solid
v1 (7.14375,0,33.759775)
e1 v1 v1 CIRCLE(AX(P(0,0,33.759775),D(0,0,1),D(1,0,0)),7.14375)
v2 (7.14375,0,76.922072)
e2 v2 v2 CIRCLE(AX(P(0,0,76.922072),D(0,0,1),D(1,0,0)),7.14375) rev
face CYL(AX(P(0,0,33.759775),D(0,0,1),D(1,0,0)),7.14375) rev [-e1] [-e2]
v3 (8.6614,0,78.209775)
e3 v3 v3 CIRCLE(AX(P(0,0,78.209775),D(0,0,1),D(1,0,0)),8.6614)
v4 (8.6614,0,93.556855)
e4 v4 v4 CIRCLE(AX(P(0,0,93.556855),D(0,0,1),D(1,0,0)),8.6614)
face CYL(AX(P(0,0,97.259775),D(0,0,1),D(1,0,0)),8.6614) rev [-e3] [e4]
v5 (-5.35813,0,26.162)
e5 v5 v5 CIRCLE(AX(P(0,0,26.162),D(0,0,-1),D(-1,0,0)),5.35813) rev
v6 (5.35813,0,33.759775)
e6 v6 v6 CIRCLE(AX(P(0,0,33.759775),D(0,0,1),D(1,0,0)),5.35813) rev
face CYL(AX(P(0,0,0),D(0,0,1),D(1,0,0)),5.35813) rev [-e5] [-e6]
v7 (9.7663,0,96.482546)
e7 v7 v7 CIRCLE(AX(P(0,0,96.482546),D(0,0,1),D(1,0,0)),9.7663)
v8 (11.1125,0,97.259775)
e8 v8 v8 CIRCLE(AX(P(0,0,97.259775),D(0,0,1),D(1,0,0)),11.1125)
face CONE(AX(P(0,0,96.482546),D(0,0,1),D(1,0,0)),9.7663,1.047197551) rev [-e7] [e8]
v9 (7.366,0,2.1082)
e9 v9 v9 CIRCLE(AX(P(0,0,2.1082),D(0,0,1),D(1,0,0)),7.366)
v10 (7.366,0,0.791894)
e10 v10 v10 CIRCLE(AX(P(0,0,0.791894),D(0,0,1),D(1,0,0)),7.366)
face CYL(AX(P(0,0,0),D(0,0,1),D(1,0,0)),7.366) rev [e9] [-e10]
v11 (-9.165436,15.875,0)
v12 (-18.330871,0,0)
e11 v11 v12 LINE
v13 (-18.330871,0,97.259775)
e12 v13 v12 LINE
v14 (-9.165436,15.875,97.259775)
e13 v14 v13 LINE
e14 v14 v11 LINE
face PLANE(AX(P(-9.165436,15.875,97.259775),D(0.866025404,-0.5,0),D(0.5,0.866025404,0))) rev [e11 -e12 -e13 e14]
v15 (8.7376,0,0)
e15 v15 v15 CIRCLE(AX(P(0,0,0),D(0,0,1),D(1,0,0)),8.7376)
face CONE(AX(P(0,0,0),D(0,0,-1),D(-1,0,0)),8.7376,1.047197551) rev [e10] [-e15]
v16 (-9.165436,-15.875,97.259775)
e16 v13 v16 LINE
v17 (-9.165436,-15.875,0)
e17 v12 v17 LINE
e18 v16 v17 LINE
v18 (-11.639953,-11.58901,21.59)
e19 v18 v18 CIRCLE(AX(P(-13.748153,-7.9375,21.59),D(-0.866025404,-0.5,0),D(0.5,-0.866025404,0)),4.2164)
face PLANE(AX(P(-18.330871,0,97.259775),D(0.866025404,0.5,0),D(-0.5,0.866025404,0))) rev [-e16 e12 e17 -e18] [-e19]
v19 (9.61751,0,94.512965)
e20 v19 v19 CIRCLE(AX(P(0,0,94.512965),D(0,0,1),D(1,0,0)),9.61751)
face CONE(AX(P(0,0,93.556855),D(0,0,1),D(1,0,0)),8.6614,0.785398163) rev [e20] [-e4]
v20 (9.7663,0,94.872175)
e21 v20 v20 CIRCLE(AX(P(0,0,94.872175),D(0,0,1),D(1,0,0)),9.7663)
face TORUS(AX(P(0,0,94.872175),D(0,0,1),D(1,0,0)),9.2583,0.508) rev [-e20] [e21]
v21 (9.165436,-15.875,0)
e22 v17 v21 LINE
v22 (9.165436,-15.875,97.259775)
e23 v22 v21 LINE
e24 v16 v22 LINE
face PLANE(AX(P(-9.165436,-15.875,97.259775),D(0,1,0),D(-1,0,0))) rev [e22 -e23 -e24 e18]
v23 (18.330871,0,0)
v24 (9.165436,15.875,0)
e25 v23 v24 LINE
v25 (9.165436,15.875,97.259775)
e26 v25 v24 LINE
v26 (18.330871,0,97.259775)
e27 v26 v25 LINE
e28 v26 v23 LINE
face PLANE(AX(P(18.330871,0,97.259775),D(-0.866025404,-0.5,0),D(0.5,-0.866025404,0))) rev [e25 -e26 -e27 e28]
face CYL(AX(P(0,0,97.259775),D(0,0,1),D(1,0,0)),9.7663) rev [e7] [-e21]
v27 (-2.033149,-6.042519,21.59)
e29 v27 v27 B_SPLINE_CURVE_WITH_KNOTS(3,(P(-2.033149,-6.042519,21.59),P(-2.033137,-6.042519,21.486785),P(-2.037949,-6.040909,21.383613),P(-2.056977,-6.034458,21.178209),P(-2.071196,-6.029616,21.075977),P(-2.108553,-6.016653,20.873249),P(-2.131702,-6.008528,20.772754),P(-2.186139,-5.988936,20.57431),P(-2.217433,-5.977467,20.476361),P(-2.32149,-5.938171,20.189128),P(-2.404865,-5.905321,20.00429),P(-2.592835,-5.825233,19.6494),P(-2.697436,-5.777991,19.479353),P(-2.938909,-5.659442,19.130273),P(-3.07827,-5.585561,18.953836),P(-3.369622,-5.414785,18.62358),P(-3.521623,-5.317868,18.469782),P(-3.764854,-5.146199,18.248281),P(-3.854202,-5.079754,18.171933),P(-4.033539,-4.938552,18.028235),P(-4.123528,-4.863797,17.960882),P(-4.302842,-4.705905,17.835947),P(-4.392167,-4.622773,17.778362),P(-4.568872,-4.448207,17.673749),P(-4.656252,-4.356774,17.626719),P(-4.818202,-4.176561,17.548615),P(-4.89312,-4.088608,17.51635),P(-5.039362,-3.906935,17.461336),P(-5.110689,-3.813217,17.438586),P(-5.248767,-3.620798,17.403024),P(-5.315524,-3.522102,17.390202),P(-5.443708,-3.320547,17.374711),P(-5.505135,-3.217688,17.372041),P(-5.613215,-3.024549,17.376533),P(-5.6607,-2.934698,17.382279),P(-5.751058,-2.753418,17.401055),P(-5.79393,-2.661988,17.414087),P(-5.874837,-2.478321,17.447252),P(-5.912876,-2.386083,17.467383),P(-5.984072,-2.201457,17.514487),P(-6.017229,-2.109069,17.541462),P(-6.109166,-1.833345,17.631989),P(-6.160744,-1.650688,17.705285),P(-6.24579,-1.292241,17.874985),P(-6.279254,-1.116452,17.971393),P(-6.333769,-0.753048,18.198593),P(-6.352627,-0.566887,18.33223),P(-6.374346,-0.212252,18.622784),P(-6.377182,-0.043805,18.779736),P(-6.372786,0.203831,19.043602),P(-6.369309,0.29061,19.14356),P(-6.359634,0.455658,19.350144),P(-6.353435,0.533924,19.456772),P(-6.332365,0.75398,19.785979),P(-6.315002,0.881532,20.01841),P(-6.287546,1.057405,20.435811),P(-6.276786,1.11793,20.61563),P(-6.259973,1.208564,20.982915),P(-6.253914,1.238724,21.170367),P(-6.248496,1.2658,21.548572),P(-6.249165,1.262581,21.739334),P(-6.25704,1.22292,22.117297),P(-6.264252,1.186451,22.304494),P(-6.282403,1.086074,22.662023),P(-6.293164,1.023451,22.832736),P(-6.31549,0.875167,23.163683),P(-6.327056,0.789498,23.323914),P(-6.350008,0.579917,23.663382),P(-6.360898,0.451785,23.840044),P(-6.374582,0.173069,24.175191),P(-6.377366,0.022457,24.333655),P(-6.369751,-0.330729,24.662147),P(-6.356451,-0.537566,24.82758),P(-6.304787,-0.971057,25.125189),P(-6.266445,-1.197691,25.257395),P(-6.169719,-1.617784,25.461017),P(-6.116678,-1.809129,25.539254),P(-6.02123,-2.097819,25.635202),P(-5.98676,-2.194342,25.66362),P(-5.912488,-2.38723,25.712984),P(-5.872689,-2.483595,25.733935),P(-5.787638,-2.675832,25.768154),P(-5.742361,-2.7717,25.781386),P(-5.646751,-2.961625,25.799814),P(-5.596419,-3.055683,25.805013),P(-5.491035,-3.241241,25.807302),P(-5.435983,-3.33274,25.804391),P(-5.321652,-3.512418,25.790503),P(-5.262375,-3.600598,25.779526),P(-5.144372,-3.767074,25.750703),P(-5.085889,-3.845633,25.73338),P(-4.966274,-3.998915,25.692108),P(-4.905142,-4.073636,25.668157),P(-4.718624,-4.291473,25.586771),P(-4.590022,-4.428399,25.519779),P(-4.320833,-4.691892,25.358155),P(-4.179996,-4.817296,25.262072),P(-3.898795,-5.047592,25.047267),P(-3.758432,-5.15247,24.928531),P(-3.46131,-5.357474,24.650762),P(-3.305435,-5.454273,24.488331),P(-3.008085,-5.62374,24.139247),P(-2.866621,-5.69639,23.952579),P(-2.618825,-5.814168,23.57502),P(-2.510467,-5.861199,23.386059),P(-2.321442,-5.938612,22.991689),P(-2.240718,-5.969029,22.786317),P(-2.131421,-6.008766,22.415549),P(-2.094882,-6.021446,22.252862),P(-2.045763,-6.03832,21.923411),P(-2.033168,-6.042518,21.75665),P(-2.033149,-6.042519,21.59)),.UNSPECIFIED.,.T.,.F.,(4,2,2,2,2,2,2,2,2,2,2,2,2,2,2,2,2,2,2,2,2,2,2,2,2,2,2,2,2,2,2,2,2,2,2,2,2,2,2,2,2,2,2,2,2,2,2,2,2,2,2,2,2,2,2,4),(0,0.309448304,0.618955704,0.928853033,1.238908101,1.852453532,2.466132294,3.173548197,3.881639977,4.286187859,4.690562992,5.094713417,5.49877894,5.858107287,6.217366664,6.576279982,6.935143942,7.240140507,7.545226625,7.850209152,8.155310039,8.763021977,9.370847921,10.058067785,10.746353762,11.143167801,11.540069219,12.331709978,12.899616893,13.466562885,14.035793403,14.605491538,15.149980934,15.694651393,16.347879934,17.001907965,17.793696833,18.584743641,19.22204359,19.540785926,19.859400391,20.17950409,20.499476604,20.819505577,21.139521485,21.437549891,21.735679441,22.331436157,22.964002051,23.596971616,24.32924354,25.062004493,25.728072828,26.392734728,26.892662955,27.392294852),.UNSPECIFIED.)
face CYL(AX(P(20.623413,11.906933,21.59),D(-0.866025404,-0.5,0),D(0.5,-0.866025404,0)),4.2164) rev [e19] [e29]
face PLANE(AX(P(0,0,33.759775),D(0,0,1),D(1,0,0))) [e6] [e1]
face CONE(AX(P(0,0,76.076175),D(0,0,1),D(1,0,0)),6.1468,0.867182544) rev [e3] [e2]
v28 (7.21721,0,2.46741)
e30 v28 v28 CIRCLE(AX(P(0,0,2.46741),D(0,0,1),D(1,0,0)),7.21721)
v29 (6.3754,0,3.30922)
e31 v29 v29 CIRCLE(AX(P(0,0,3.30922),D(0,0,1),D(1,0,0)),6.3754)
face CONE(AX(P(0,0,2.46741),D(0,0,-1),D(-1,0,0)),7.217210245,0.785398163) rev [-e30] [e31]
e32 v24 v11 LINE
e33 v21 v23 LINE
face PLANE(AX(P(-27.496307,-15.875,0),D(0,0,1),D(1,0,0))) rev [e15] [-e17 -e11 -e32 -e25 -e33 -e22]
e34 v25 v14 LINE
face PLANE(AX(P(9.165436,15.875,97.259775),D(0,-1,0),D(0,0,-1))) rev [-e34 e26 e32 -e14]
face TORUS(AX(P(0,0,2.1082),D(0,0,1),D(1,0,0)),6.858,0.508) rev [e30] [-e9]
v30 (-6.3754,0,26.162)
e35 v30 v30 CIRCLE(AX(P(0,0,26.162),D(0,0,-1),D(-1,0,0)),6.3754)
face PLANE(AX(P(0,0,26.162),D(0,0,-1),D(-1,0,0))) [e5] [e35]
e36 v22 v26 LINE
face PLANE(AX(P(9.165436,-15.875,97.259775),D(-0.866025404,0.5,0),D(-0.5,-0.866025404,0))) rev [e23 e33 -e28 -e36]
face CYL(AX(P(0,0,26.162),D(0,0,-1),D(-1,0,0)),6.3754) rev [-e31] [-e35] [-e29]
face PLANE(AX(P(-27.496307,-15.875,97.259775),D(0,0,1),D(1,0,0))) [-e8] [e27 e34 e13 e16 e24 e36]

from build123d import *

# Parameters (mm, degrees)
EXTRUDE1_DEPTH     = 97.259775
SKETCH3_R          = 5.35813
CUT_EXTRUDE3_DEPTH = 98.259775
CUT_EXTRUDE2_REACH = 41.688
SKETCH4_R          = 4.2164
SKETCH5_R          = 6.3754
CUT_EXTRUDE4_DEPTH = 26.162
SKETCH6_R          = 7.14375
CUT_EXTRUDE5_DEPTH = 63.5


with BuildPart() as part:
    # Sketch1 → Extrude1 (new body)
    with BuildSketch(Plane.XY):
        Polygon((-18.330871047, 0), (-9.165435523, -15.875), (9.165435523, -15.875), (18.330871047, 0), (9.165435523, 15.875), (-9.165435523, 15.875), align=None)
    extrude(amount=EXTRUDE1_DEPTH)

    # Sketch3 → Cut-Extrude3 (cut, through all)
    with BuildSketch(Plane.XY.offset(97.259775)):
        Circle(SKETCH3_R)
    extrude(amount=-CUT_EXTRUDE3_DEPTH, mode=Mode.SUBTRACT)

    # Sketch4 → Cut-Extrude2 (cut, up to next)
    with BuildSketch(Plane(origin=(-13.748153285, -7.9375, 0), x_dir=(0, 0, 1), z_dir=(-0.866025404, -0.5, 0)), mode=Mode.PRIVATE) as cut_extrude2_sk1:
        with Locations((21.59, 0)):
            Circle(SKETCH4_R)
    cut_extrude2_tool1 = extrude(cut_extrude2_sk1.sketch, amount=-CUT_EXTRUDE2_REACH, mode=Mode.PRIVATE) & part.part
    add(cut_extrude2_tool1.solids().sort_by_distance((-13.748153, -7.9375, 21.59))[0], mode=Mode.SUBTRACT)

    # Sketch5 → Cut-Extrude4 (cut)
    with BuildSketch(Plane(origin=(0, 0, 0), x_dir=(-1, 0, 0), z_dir=(0, 0, -1))):
        Circle(SKETCH5_R)
    extrude(amount=-CUT_EXTRUDE4_DEPTH, mode=Mode.SUBTRACT)

    # Sketch6 → Cut-Extrude5 (cut)
    with BuildSketch(Plane.XY.offset(97.259775)):
        Circle(SKETCH6_R)
    extrude(amount=-CUT_EXTRUDE5_DEPTH, mode=Mode.SUBTRACT)

    # Sketch8 → Cut-Revolve1 (revolve, cut)
    with BuildSketch(Plane(origin=(0, 0, 0), x_dir=(1, 0, 0), z_dir=(0, 1, 0))):
        with BuildLine():
            Line((0, -97.259775), (0, -76.076175))
            Line((0, -76.076175), (-6.1468, -76.076175))
            Line((-6.1468, -76.076175), (-8.6614, -78.209775))
            Line((-8.6614, -78.209775), (-8.6614, -93.55685451))
            Line((-8.6614, -93.55685451), (-9.617510245, -94.512964755))
            ThreePointArc((-9.617510245, -94.512964755), (-9.727630803, -94.677771816), (-9.7663, -94.872175))
            Line((-9.7663, -94.872175), (-9.7663, -96.482546068))
            Line((-9.7663, -96.482546068), (-11.1125, -97.259775))
            Line((-11.1125, -97.259775), (0, -97.259775))
        make_face()
    revolve(axis=Axis((0, 0, 97.259775), (0, 0, -1)), mode=Mode.SUBTRACT)

    # Sketch10 → Cut-Revolve2 (revolve, cut)
    with BuildSketch(Plane(origin=(0, 0, 0), x_dir=(1, 0, 0), z_dir=(0, 1, 0))):
        with BuildLine():
            Line((0, 0), (-8.7376, 0))
            Line((-8.7376, 0), (-7.366, -0.791893629))
            Line((-7.366, -0.791893629), (-7.366, -2.1082))
            ThreePointArc((-7.366, -2.1082), (-7.327330803, -2.302603184), (-7.217210245, -2.467410245))
            Line((-7.217210245, -2.467410245), (-6.3754, -3.30922049))
            Line((-6.3754, -3.30922049), (-6.3754, -17.907))
            Line((-6.3754, -17.907), (0, -17.907))
            Line((0, -17.907), (0, 0))
        make_face()
    revolve(axis=Axis((0, 0, 0), (0, 0, -1)), mode=Mode.SUBTRACT)


solid = part.part
